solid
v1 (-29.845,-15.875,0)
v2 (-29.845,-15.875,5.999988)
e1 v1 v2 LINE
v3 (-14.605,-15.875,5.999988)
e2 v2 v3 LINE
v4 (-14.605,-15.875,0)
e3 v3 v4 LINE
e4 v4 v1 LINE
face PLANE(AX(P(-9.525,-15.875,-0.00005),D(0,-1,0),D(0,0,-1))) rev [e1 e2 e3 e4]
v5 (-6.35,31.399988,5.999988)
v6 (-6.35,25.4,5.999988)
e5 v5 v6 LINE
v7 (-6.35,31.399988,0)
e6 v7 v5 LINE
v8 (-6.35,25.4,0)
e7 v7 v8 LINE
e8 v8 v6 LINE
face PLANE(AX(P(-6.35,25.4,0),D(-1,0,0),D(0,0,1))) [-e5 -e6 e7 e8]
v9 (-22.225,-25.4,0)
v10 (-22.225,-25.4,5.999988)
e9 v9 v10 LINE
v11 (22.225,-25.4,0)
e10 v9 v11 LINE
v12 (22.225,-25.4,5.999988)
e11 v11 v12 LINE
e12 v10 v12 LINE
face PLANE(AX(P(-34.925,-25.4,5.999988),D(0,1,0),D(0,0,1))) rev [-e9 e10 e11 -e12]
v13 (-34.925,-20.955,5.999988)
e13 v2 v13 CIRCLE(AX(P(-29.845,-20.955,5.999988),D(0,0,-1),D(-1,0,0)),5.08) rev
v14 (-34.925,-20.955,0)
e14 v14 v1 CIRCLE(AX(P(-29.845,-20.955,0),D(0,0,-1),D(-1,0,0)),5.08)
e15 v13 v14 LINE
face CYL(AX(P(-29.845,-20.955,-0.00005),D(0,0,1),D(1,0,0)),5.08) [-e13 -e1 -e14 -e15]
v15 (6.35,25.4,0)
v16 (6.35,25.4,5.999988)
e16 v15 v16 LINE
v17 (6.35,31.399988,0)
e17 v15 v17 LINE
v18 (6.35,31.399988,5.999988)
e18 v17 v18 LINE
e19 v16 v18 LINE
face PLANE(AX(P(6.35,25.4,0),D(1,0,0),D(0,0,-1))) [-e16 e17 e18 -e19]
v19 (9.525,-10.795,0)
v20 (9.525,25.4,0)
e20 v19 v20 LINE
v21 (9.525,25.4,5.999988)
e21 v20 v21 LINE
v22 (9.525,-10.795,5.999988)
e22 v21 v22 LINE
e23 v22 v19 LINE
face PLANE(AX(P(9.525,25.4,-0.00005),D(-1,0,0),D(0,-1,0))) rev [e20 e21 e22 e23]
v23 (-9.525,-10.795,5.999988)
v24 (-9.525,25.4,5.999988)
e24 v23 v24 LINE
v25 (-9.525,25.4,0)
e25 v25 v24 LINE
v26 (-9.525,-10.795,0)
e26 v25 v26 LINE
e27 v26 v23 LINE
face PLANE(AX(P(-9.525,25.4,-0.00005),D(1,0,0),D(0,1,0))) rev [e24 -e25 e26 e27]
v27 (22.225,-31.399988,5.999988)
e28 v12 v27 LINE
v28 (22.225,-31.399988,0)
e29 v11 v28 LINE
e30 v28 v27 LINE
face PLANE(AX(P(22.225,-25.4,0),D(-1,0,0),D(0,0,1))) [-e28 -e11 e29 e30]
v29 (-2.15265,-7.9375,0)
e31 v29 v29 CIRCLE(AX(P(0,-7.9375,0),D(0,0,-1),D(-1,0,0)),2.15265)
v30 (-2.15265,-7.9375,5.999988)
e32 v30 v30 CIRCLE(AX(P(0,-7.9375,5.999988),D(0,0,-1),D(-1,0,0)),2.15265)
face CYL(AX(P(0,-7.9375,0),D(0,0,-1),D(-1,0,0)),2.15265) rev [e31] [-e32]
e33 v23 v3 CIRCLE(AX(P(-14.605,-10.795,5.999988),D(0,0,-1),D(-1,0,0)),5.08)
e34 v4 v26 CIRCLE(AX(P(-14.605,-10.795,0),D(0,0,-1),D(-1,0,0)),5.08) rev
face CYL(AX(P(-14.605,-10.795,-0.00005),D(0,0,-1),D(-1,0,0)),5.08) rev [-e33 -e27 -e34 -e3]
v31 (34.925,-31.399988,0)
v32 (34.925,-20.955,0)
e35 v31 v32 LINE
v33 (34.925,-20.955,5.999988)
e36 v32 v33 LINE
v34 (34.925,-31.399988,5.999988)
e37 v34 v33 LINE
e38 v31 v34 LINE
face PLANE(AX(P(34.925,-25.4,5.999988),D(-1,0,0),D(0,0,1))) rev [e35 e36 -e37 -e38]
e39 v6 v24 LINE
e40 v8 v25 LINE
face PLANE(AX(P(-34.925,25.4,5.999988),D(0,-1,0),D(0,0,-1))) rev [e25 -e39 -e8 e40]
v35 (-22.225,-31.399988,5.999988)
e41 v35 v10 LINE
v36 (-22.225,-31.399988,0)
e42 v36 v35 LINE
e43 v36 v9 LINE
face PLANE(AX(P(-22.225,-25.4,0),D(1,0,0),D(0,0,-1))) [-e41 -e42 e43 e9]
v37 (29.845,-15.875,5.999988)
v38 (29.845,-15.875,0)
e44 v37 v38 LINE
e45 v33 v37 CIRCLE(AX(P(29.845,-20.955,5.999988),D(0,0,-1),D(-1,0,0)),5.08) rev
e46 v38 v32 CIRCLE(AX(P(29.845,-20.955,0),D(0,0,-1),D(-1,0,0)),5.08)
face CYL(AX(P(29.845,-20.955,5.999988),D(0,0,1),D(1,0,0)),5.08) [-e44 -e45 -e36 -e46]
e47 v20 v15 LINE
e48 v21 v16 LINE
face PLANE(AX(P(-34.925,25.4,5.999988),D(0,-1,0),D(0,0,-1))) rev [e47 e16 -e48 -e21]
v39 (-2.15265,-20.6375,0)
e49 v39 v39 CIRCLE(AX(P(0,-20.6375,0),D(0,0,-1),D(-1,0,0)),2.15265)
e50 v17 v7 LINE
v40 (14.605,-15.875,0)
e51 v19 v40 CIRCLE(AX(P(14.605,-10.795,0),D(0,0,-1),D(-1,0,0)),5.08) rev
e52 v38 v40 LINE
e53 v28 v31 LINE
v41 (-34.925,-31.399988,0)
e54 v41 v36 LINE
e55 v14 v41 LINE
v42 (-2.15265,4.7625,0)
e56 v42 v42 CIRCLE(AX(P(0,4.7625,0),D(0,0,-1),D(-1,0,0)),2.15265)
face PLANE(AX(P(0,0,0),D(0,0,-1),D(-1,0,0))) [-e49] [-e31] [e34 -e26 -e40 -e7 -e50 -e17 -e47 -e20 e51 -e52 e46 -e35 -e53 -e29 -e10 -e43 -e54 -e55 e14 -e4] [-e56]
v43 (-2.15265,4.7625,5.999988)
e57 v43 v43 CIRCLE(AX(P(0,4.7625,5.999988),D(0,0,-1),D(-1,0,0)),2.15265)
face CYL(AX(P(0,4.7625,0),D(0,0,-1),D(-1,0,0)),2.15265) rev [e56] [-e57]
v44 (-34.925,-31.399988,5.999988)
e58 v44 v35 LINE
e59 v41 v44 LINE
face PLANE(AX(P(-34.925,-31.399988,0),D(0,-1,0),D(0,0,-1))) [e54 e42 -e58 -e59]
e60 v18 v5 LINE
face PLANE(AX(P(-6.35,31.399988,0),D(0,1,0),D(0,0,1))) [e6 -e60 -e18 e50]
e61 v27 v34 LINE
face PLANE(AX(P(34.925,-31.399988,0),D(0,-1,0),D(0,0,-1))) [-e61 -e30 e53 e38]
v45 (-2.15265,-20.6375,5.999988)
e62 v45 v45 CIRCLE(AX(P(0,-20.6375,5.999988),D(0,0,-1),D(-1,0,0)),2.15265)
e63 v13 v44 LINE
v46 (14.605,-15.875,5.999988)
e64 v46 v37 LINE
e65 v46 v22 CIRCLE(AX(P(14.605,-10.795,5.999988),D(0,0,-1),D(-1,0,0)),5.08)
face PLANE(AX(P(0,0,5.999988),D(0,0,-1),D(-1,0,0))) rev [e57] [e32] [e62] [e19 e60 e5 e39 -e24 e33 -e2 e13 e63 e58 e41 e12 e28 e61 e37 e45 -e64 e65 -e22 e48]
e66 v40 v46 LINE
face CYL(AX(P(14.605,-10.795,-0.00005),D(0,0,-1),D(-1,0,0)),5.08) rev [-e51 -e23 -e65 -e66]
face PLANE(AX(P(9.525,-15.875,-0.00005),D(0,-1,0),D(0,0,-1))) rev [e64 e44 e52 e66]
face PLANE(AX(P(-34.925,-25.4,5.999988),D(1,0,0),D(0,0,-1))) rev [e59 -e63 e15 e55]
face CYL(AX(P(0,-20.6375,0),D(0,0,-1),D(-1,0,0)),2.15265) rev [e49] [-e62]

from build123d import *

# Parameters (mm, degrees)
SKETCH1_W             = 69.85
SKETCH1_H             = 50.8
BASE_DEPTH            = 5.999988
SKETCH6_W             = 12.7
SKETCH6_H             = 5.999988
BOSS_EXTRUDE1_DEPTH   = 5.999988
SKETCH7_W             = 25.4
SKETCH7_H             = 41.275
CUT_EXTRUDE1_DEPTH    = 48.346749914
F_8_CLEARANCE_HOLE1_D = 4.3053
SKETCH8_W             = 25.4
SKETCH8_H             = 41.275
CUT_EXTRUDE2_DEPTH    = 48.346749914
FILLET1_R             = 5.08


with BuildPart() as part:
    # Sketch1 → Base (new body)
    with BuildSketch(Plane.XY):
        Rectangle(SKETCH1_W, SKETCH1_H)
    extrude(amount=BASE_DEPTH)

    # Sketch6 → Boss-Extrude1 (add)
    with BuildSketch(Plane.XY.offset(5.999988)):
        with Locations((0, 28.399994)):
            Rectangle(SKETCH6_W, SKETCH6_H)
        with Locations((28.575, -28.399994)):
            Rectangle(SKETCH6_W, SKETCH6_H)
        with Locations((-28.575, -28.399994)):
            Rectangle(SKETCH6_W, SKETCH6_H)
    extrude(amount=-BOSS_EXTRUDE1_DEPTH)

    # Sketch7 → Cut-Extrude1 (cut, through all)
    with BuildSketch(Plane.XY.offset(5.999988)):
        with Locations((-22.225, 4.7625)):
            Rectangle(SKETCH7_W, SKETCH7_H)
    extrude(amount=-CUT_EXTRUDE1_DEPTH, mode=Mode.SUBTRACT)

    # #8 Clearance Hole1 (through all)
    with Locations(Plane(origin=(0, 0, 0), x_dir=(-1, 0, 0), z_dir=(0, 0, -1))):
        with Locations((0, -20.6375), (0, -7.9375), (0, 4.7625)):
            Hole(F_8_CLEARANCE_HOLE1_D / 2)

    # Sketch8 → Cut-Extrude2 (cut, through all)
    with BuildSketch(Plane.XY.offset(5.999988)):
        with Locations((22.225, 4.7625)):
            Rectangle(SKETCH8_W, SKETCH8_H)
    extrude(amount=-CUT_EXTRUDE2_DEPTH, mode=Mode.SUBTRACT)

    # Fillet1
    fillet1_edges = [part.edges().sort_by_distance(p)[0] for p in [
        (34.925, -15.875, 2.999994),
        (9.525, -15.875, 2.999994),
        (-9.525, -15.875, 2.999994),
        (-34.925, -15.875, 2.999994),
    ]]
    fillet(fillet1_edges, radius=FILLET1_R)


solid = part.part
